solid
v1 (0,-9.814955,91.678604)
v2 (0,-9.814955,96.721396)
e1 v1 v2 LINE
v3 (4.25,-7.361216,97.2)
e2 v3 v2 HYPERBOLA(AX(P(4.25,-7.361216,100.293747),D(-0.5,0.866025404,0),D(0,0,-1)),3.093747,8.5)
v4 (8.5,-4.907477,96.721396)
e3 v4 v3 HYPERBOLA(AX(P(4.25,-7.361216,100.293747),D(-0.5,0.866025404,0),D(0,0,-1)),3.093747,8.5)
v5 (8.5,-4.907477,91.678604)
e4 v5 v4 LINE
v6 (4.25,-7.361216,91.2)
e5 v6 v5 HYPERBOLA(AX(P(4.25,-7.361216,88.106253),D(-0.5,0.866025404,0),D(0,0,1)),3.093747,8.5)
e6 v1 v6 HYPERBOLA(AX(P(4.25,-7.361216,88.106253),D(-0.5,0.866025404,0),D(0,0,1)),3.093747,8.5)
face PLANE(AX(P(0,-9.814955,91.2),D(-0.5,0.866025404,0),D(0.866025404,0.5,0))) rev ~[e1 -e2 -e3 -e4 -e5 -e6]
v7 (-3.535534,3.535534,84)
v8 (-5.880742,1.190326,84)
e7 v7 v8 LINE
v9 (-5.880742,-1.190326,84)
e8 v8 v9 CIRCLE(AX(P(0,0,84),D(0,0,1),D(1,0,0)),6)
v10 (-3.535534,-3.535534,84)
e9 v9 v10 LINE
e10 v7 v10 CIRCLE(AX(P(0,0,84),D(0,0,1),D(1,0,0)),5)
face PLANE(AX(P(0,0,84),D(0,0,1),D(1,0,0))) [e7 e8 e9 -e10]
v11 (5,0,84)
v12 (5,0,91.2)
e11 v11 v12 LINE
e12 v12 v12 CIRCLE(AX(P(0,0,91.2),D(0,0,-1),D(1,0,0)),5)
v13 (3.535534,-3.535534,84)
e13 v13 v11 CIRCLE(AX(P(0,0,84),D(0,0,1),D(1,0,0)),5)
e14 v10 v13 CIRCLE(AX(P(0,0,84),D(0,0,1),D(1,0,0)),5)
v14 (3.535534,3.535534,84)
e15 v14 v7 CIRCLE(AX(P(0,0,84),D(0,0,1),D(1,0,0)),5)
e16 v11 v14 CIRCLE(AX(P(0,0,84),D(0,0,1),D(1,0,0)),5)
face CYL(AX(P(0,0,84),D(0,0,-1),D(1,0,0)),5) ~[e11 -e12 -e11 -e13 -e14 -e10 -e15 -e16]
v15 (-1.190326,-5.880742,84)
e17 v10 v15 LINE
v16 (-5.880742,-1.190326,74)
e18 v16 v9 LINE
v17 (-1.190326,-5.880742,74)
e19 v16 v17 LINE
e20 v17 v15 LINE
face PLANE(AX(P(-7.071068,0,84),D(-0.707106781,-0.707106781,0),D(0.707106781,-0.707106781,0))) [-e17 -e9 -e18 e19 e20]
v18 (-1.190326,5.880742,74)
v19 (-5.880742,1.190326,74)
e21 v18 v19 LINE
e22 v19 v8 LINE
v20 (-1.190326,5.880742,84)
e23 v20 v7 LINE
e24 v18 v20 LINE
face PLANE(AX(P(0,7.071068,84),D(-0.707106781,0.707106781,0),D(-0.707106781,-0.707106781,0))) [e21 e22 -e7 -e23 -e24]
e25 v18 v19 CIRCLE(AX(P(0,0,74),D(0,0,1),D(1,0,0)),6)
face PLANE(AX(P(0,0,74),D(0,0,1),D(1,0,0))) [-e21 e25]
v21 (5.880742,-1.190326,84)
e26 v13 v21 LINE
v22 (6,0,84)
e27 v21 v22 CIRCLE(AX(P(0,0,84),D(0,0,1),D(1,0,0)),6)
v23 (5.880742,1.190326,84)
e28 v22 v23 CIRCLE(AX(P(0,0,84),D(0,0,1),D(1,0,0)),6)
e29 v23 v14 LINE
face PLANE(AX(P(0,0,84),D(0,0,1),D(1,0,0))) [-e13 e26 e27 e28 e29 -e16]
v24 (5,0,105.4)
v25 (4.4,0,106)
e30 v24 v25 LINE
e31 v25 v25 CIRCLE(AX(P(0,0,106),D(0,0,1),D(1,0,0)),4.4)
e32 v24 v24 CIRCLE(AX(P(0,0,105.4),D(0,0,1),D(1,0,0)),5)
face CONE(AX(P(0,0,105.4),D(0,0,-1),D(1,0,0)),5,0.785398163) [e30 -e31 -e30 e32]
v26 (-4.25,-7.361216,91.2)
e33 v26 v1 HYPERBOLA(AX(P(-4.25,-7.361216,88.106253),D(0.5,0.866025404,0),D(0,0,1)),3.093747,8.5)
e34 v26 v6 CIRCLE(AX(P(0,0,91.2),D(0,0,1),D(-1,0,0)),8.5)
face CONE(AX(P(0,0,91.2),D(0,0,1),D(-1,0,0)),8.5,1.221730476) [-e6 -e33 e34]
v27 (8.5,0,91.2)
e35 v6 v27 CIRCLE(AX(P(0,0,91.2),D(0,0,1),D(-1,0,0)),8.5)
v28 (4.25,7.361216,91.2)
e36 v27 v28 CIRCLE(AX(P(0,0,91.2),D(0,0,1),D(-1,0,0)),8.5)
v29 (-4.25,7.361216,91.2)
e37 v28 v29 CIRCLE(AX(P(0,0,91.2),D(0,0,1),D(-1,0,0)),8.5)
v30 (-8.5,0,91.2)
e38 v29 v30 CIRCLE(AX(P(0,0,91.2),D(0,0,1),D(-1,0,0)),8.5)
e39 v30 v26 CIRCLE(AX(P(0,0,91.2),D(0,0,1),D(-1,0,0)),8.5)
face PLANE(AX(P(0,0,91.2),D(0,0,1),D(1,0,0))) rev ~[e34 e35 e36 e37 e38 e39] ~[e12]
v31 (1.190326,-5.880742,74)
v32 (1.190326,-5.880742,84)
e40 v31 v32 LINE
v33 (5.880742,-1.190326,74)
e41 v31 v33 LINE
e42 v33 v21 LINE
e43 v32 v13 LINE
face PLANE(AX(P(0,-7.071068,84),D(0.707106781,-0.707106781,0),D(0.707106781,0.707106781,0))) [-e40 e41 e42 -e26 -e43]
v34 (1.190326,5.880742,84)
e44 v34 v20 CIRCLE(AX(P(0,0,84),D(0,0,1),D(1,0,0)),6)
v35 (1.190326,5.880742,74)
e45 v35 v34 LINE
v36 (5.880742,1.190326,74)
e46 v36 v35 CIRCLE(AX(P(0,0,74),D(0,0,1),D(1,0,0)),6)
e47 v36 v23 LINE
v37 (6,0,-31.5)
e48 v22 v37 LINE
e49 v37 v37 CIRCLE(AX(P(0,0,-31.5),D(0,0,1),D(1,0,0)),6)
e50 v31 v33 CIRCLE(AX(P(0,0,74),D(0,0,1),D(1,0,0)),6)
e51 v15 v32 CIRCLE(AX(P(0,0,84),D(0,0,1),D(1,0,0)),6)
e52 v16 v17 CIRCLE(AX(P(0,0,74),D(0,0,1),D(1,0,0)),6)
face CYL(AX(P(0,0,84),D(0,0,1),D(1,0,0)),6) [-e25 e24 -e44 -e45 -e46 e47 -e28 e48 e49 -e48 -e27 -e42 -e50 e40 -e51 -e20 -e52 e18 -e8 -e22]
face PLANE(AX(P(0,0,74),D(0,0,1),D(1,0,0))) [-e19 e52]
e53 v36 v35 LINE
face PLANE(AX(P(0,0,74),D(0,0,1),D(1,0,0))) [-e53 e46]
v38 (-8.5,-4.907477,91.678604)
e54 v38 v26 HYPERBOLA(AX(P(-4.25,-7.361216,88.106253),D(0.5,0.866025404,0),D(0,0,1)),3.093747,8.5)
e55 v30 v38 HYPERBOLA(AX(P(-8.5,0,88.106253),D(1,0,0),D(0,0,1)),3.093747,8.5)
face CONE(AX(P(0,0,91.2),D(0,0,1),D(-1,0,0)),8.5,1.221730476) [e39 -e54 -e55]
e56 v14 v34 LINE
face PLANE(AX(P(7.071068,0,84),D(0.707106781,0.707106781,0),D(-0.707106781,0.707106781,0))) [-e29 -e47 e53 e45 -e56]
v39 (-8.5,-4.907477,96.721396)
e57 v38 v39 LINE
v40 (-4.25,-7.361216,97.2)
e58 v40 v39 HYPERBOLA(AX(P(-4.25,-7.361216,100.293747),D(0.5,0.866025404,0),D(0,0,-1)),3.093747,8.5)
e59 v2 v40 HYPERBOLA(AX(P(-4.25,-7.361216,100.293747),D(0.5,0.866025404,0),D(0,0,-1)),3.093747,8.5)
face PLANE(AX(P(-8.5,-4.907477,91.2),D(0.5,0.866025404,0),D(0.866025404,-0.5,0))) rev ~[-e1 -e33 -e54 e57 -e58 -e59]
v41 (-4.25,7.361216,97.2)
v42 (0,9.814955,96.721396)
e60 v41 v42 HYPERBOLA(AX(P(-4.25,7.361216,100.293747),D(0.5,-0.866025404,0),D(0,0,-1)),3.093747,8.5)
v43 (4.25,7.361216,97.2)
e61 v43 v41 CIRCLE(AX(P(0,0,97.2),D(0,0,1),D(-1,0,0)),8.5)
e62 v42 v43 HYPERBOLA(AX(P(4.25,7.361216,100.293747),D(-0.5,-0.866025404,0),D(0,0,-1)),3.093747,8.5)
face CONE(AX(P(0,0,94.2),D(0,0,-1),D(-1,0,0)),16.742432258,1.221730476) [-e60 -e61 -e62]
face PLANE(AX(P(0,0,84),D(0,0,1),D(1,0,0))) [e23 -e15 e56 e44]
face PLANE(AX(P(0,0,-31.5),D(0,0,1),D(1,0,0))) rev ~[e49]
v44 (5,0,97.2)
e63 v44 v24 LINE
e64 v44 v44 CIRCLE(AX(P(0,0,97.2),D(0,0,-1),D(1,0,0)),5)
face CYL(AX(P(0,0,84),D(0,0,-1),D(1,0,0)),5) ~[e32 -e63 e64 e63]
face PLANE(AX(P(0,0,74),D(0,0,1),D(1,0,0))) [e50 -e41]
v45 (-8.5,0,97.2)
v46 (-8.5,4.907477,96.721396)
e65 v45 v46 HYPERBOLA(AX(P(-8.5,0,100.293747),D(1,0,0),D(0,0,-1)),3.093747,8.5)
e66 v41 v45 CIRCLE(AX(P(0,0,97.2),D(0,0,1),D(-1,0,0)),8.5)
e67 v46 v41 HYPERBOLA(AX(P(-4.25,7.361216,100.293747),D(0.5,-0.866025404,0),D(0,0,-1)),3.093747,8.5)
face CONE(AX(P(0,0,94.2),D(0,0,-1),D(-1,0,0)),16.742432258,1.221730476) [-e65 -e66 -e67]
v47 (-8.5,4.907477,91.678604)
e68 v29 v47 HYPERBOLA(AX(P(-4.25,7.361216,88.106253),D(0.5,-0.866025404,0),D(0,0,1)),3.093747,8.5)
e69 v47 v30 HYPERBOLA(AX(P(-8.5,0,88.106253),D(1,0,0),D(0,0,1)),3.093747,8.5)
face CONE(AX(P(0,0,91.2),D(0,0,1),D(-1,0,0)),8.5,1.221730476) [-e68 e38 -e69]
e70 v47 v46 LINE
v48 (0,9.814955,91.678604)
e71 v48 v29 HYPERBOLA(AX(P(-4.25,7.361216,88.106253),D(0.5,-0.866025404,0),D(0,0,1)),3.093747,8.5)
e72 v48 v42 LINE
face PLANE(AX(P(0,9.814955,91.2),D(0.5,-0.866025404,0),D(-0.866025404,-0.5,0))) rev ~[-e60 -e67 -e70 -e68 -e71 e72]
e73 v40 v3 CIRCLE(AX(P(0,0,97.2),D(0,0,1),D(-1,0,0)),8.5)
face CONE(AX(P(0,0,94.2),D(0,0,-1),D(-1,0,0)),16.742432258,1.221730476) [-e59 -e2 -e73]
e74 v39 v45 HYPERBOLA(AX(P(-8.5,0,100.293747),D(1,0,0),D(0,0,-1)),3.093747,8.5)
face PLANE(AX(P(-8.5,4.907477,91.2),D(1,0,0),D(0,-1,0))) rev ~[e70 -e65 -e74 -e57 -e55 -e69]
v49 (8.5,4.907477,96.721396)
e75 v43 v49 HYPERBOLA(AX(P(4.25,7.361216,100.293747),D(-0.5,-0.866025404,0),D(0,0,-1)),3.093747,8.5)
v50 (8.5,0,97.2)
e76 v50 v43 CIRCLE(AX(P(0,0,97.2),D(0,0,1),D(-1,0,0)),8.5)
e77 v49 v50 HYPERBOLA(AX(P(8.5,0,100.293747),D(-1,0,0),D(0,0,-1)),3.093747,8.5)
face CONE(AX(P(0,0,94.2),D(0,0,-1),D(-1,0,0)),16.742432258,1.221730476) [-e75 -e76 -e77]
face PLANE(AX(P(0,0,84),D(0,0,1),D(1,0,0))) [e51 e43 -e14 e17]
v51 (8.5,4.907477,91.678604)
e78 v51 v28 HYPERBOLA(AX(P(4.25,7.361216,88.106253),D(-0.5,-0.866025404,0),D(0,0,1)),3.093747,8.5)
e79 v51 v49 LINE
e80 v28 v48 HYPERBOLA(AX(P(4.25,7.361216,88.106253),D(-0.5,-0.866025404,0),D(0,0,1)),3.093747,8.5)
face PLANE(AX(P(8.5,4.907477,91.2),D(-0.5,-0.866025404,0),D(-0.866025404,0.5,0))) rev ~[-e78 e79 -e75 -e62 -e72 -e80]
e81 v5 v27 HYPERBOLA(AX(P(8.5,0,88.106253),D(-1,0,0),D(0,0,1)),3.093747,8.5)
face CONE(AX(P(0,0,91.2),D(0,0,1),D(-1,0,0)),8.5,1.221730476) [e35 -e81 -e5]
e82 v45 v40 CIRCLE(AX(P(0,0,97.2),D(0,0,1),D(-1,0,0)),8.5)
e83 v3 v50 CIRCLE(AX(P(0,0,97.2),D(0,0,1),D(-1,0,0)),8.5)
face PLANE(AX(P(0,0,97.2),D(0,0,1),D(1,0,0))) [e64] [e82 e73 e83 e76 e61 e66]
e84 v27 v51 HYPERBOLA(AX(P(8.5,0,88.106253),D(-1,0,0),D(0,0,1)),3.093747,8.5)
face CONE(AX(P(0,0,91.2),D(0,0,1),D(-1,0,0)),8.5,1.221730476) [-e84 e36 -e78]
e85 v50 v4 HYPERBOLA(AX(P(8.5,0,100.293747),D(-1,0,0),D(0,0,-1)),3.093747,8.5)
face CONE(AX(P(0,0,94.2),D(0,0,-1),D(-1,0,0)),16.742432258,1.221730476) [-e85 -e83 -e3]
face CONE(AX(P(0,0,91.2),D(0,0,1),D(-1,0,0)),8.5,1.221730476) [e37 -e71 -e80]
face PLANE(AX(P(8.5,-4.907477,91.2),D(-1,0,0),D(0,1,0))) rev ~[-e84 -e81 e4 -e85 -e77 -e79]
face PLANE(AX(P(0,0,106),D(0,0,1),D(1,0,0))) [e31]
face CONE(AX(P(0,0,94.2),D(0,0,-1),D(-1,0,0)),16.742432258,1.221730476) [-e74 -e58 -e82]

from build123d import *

# Parameters (mm, degrees)
EXTRUDE_START       = 84
SKETCH_3_R          = 6
EXTRUDE_1_DEPTH     = 115.5
SKETCH_4_R          = 5
EXTRUDE_2_DEPTH     = 22
EXTRUDE_START_2     = 91.2
EXTRUDE_3_DEPTH     = 6
SKETCH_6_OUTSIDE_W  = 46.986
SKETCH_6_OUTSIDE_H  = 49.616
CUT_EXTRUDE_1_DEPTH = 10
CHAMFER_1_SIZE      = 0.6


with BuildPart() as part:
    # 草图3 → 凸台-拉伸1 (new body)
    with BuildSketch(Plane.XY.offset(EXTRUDE_START)):
        Circle(SKETCH_3_R)
    extrude(amount=-EXTRUDE_1_DEPTH)

    # 草图4 → 凸台-拉伸2 (add)
    with BuildSketch(Plane.XY.offset(84)):
        Circle(SKETCH_4_R)
    extrude(amount=EXTRUDE_2_DEPTH)

    # 草图5 → 凸台-拉伸3 (add)
    with BuildSketch(Plane.XY.offset(EXTRUDE_START_2)):
        Polygon((0, -9.814954576), (8.5, -4.907477288), (8.5, 4.907477288), (0, 9.814954576), (-8.5, 4.907477288), (-8.5, -4.907477288), align=None)
    extrude(amount=EXTRUDE_3_DEPTH)

    # 草图7 → 切除-旋转2 (revolve, cut)
    with BuildSketch(Plane(origin=(0, 0, 0), x_dir=(0, 0, -1), z_dir=(0, 1, 0))):
        Polygon((-97.2, 8.5), (-97.2, 18.742432258), (-91.2, 18.742432258), (-91.2, 8.5), (-94.2, 16.742432258), align=None)
    revolve(axis=Axis((0, 0, 84), (0, 0, 1)), mode=Mode.SUBTRACT)

    # 草图6 outside → 切除-拉伸1 (cut)
    with BuildSketch(Plane.XY.offset(84)):
        Rectangle(SKETCH_6_OUTSIDE_W, SKETCH_6_OUTSIDE_H)
        Polygon((0, -7.071067812), (7.071067812, 0), (0, 7.071067812), (-7.071067812, 0), align=None, mode=Mode.SUBTRACT)
    extrude(amount=-CUT_EXTRUDE_1_DEPTH, mode=Mode.SUBTRACT)

    # 倒角1
    chamfer_1_edges = [part.edges().sort_by_distance(p)[0] for p in [
        (-5, 0, 106),
    ]]
    chamfer(chamfer_1_edges, length=CHAMFER_1_SIZE)


solid = part.part
